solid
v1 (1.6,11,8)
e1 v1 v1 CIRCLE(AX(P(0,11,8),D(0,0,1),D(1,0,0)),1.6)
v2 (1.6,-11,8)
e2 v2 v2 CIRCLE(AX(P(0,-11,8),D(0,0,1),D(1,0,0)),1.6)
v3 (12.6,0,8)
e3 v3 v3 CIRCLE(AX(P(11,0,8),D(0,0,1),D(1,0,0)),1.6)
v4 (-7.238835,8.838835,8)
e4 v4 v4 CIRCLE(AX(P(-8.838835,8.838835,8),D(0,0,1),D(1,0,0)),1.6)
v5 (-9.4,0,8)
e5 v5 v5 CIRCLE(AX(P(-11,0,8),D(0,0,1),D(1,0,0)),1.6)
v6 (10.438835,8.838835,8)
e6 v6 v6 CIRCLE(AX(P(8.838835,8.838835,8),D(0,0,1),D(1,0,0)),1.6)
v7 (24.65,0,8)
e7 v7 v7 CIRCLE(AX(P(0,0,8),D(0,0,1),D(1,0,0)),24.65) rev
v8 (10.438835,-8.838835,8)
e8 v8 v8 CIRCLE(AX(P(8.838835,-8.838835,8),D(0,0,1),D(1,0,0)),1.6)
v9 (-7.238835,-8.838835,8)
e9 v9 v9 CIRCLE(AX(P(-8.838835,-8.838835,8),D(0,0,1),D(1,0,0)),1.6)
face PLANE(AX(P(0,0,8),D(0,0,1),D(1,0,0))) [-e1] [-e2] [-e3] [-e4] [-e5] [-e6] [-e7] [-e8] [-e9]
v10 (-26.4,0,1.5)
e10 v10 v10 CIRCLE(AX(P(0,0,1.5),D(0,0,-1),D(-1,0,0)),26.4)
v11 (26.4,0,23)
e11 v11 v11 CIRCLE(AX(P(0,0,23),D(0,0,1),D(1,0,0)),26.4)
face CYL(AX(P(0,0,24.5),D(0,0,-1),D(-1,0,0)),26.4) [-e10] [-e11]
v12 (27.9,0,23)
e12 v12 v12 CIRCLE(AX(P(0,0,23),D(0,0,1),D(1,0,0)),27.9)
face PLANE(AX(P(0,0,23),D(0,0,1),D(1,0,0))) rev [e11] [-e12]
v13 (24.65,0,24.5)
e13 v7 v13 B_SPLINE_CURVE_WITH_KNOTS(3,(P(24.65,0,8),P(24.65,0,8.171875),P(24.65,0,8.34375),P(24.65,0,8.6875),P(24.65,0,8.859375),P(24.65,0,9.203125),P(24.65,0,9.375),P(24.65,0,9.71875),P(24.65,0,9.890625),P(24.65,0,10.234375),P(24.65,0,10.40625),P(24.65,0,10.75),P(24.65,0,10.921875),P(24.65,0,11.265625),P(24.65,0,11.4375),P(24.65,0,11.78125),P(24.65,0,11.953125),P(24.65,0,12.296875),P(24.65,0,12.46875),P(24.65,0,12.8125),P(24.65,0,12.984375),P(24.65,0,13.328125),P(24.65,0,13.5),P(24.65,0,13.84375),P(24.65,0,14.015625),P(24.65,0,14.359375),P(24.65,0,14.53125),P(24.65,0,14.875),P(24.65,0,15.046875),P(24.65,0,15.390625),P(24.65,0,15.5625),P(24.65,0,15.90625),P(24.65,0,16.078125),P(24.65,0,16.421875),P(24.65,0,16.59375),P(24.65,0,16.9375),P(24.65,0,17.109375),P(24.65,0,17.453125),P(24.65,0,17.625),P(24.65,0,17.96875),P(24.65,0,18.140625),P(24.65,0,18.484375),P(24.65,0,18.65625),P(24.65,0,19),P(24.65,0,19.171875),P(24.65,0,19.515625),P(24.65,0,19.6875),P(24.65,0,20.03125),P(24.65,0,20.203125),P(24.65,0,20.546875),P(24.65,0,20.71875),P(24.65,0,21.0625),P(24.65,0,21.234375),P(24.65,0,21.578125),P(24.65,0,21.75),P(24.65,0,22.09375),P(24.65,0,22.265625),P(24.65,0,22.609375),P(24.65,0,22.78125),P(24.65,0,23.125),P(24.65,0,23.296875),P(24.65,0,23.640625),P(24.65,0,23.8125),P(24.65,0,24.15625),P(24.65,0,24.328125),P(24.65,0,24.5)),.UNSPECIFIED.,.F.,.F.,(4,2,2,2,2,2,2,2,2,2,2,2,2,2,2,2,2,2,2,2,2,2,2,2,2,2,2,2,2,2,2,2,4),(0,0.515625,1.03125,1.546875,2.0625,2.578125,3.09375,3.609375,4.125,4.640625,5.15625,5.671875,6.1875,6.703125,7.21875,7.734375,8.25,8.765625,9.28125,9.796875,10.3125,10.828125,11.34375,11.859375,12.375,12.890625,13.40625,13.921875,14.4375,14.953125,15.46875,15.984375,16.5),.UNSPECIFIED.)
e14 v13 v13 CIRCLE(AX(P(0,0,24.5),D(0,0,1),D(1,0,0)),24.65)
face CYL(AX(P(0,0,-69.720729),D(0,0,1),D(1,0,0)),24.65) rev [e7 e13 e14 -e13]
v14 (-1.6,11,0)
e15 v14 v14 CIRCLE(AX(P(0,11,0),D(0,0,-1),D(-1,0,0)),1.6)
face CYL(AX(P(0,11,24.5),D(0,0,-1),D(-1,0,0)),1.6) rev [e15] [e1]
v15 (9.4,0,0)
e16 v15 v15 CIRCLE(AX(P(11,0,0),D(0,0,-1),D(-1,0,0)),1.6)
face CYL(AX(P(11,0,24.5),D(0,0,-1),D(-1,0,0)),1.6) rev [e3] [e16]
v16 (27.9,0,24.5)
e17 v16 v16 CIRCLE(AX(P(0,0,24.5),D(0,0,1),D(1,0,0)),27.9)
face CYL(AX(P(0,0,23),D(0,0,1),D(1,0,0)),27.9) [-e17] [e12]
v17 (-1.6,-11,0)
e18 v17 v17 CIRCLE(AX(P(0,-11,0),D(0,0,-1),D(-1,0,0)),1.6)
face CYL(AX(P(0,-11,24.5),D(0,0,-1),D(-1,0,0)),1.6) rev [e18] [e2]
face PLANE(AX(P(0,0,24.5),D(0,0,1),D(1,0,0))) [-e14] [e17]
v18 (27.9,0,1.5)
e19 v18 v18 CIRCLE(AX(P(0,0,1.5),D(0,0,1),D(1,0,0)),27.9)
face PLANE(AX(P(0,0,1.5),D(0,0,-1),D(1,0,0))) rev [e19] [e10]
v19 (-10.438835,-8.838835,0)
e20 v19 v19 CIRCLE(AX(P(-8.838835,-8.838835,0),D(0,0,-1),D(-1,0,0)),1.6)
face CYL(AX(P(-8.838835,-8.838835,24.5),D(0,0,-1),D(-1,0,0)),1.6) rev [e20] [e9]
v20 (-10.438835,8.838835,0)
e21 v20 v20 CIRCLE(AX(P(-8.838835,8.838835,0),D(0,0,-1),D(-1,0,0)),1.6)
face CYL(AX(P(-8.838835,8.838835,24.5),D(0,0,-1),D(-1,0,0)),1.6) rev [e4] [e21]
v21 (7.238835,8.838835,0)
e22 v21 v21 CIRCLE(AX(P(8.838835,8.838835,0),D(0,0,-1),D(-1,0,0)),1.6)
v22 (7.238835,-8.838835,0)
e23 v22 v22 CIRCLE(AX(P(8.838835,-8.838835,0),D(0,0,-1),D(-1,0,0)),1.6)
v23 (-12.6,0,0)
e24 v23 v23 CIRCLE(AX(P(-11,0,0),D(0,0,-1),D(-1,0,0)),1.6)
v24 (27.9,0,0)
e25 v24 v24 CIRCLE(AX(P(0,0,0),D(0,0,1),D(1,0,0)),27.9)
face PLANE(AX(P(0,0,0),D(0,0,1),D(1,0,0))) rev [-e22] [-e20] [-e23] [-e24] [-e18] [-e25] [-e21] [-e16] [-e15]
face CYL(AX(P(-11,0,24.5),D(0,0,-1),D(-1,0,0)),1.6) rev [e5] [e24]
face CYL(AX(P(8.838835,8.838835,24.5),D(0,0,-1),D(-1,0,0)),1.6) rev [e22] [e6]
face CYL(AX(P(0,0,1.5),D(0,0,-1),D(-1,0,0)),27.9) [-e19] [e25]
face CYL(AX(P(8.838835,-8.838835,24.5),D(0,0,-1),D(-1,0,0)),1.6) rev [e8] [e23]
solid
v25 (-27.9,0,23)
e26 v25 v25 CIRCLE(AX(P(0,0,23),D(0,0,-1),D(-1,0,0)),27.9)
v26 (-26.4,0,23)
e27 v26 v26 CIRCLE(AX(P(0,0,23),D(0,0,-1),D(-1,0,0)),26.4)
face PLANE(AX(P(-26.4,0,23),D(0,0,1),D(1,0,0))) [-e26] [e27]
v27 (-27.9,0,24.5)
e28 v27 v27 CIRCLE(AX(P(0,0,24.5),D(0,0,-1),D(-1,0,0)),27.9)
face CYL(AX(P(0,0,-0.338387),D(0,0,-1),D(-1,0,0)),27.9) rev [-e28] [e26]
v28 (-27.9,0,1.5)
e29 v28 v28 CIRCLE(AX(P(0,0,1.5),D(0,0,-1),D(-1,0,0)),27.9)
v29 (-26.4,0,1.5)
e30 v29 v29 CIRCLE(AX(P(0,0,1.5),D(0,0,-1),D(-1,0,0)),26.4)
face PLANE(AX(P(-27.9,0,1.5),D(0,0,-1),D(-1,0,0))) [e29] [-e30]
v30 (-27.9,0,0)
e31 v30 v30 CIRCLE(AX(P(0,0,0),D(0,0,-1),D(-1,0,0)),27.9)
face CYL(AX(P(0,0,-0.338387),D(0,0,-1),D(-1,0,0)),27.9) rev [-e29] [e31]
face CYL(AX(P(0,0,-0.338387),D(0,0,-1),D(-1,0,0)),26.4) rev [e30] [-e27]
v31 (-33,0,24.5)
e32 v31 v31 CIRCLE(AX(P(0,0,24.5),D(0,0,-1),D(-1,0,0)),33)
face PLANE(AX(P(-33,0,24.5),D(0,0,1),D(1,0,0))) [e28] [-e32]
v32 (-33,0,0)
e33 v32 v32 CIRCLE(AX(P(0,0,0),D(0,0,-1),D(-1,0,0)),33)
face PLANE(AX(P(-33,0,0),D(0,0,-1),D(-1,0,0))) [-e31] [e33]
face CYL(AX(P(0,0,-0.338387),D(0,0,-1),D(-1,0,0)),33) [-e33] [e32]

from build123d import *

# Parameters (mm, degrees)
SKETCH_1_R          = 26.4
EXTRUDE_1_DEPTH     = 24.5
SKETCH_2_R          = 24.65
CUT_EXTRUDE_1_DEPTH = 16.5
EXTRUDE_START       = -1.5
SKETCH_5_R          = 27.9
SKETCH_5_R_2        = 26.4
EXTRUDE_3_DEPTH     = 1.5
SKETCH_4_R          = 1.6
CUT_EXTRUDE_2_DEPTH = 47.444267676


with BuildPart() as part:
    # 草图1 → 凸台-拉伸1 (new body)
    with BuildSketch(Plane.XY):
        Circle(SKETCH_1_R)
    extrude(amount=EXTRUDE_1_DEPTH)

    # 草图2 → 切除-拉伸1 (cut)
    with BuildSketch(Plane.XY.offset(24.5)):
        Circle(SKETCH_2_R)
    extrude(amount=-CUT_EXTRUDE_1_DEPTH, mode=Mode.SUBTRACT)

    # 草图5 → 凸台-拉伸3 (add)
    with BuildSketch(Plane.XY.offset(24.5).offset(EXTRUDE_START)):
        Circle(SKETCH_5_R)
        Circle(SKETCH_5_R_2, mode=Mode.SUBTRACT)
    extrude_3 = extrude(amount=EXTRUDE_3_DEPTH)

    # 镜向1: 凸台-拉伸3 across plane
    add(extrude_3.mirror(Plane(origin=(0, 0, 12.25), x_dir=(1, 0, 0), z_dir=(0, 0, -1))))

    # 草图4 → 切除-拉伸2 (cut, through all)
    with BuildSketch(Plane(origin=(0, 0, 0), x_dir=(-1, 0, 0), z_dir=(0, 0, -1))):
        with Locations((0, 11)):
            Circle(SKETCH_4_R)
        with Locations((11, 0)):
            Circle(SKETCH_4_R)
        with Locations((0, -11)):
            Circle(SKETCH_4_R)
        with Locations((-11, 0)):
            Circle(SKETCH_4_R)
        with Locations((8.838834765, 8.838834765)):
            Circle(SKETCH_4_R)
        with Locations((-8.838834765, 8.838834765)):
            Circle(SKETCH_4_R)
        with Locations((-8.838834765, -8.838834765)):
            Circle(SKETCH_4_R)
        with Locations((8.838834765, -8.838834765)):
            Circle(SKETCH_4_R)
    extrude(amount=-CUT_EXTRUDE_2_DEPTH, mode=Mode.SUBTRACT)


with BuildPart() as body_2:
    # 草图6 → 旋转1 (revolve)
    with BuildSketch(Plane(origin=(0, 0, 0), x_dir=(1, 0, 0), z_dir=(0, 1, 0))):
        Polygon((-33, 0), (-33, -24.5), (-27.9, -24.5), (-27.9, -23), (-26.4, -23), (-26.4, -1.5), (-27.9, -1.5), (-27.9, 0), align=None)
    revolve(axis=Axis((0, 0, -0.338387196), (0, 0, 1)))


solid = Compound([part.part, body_2.part])
